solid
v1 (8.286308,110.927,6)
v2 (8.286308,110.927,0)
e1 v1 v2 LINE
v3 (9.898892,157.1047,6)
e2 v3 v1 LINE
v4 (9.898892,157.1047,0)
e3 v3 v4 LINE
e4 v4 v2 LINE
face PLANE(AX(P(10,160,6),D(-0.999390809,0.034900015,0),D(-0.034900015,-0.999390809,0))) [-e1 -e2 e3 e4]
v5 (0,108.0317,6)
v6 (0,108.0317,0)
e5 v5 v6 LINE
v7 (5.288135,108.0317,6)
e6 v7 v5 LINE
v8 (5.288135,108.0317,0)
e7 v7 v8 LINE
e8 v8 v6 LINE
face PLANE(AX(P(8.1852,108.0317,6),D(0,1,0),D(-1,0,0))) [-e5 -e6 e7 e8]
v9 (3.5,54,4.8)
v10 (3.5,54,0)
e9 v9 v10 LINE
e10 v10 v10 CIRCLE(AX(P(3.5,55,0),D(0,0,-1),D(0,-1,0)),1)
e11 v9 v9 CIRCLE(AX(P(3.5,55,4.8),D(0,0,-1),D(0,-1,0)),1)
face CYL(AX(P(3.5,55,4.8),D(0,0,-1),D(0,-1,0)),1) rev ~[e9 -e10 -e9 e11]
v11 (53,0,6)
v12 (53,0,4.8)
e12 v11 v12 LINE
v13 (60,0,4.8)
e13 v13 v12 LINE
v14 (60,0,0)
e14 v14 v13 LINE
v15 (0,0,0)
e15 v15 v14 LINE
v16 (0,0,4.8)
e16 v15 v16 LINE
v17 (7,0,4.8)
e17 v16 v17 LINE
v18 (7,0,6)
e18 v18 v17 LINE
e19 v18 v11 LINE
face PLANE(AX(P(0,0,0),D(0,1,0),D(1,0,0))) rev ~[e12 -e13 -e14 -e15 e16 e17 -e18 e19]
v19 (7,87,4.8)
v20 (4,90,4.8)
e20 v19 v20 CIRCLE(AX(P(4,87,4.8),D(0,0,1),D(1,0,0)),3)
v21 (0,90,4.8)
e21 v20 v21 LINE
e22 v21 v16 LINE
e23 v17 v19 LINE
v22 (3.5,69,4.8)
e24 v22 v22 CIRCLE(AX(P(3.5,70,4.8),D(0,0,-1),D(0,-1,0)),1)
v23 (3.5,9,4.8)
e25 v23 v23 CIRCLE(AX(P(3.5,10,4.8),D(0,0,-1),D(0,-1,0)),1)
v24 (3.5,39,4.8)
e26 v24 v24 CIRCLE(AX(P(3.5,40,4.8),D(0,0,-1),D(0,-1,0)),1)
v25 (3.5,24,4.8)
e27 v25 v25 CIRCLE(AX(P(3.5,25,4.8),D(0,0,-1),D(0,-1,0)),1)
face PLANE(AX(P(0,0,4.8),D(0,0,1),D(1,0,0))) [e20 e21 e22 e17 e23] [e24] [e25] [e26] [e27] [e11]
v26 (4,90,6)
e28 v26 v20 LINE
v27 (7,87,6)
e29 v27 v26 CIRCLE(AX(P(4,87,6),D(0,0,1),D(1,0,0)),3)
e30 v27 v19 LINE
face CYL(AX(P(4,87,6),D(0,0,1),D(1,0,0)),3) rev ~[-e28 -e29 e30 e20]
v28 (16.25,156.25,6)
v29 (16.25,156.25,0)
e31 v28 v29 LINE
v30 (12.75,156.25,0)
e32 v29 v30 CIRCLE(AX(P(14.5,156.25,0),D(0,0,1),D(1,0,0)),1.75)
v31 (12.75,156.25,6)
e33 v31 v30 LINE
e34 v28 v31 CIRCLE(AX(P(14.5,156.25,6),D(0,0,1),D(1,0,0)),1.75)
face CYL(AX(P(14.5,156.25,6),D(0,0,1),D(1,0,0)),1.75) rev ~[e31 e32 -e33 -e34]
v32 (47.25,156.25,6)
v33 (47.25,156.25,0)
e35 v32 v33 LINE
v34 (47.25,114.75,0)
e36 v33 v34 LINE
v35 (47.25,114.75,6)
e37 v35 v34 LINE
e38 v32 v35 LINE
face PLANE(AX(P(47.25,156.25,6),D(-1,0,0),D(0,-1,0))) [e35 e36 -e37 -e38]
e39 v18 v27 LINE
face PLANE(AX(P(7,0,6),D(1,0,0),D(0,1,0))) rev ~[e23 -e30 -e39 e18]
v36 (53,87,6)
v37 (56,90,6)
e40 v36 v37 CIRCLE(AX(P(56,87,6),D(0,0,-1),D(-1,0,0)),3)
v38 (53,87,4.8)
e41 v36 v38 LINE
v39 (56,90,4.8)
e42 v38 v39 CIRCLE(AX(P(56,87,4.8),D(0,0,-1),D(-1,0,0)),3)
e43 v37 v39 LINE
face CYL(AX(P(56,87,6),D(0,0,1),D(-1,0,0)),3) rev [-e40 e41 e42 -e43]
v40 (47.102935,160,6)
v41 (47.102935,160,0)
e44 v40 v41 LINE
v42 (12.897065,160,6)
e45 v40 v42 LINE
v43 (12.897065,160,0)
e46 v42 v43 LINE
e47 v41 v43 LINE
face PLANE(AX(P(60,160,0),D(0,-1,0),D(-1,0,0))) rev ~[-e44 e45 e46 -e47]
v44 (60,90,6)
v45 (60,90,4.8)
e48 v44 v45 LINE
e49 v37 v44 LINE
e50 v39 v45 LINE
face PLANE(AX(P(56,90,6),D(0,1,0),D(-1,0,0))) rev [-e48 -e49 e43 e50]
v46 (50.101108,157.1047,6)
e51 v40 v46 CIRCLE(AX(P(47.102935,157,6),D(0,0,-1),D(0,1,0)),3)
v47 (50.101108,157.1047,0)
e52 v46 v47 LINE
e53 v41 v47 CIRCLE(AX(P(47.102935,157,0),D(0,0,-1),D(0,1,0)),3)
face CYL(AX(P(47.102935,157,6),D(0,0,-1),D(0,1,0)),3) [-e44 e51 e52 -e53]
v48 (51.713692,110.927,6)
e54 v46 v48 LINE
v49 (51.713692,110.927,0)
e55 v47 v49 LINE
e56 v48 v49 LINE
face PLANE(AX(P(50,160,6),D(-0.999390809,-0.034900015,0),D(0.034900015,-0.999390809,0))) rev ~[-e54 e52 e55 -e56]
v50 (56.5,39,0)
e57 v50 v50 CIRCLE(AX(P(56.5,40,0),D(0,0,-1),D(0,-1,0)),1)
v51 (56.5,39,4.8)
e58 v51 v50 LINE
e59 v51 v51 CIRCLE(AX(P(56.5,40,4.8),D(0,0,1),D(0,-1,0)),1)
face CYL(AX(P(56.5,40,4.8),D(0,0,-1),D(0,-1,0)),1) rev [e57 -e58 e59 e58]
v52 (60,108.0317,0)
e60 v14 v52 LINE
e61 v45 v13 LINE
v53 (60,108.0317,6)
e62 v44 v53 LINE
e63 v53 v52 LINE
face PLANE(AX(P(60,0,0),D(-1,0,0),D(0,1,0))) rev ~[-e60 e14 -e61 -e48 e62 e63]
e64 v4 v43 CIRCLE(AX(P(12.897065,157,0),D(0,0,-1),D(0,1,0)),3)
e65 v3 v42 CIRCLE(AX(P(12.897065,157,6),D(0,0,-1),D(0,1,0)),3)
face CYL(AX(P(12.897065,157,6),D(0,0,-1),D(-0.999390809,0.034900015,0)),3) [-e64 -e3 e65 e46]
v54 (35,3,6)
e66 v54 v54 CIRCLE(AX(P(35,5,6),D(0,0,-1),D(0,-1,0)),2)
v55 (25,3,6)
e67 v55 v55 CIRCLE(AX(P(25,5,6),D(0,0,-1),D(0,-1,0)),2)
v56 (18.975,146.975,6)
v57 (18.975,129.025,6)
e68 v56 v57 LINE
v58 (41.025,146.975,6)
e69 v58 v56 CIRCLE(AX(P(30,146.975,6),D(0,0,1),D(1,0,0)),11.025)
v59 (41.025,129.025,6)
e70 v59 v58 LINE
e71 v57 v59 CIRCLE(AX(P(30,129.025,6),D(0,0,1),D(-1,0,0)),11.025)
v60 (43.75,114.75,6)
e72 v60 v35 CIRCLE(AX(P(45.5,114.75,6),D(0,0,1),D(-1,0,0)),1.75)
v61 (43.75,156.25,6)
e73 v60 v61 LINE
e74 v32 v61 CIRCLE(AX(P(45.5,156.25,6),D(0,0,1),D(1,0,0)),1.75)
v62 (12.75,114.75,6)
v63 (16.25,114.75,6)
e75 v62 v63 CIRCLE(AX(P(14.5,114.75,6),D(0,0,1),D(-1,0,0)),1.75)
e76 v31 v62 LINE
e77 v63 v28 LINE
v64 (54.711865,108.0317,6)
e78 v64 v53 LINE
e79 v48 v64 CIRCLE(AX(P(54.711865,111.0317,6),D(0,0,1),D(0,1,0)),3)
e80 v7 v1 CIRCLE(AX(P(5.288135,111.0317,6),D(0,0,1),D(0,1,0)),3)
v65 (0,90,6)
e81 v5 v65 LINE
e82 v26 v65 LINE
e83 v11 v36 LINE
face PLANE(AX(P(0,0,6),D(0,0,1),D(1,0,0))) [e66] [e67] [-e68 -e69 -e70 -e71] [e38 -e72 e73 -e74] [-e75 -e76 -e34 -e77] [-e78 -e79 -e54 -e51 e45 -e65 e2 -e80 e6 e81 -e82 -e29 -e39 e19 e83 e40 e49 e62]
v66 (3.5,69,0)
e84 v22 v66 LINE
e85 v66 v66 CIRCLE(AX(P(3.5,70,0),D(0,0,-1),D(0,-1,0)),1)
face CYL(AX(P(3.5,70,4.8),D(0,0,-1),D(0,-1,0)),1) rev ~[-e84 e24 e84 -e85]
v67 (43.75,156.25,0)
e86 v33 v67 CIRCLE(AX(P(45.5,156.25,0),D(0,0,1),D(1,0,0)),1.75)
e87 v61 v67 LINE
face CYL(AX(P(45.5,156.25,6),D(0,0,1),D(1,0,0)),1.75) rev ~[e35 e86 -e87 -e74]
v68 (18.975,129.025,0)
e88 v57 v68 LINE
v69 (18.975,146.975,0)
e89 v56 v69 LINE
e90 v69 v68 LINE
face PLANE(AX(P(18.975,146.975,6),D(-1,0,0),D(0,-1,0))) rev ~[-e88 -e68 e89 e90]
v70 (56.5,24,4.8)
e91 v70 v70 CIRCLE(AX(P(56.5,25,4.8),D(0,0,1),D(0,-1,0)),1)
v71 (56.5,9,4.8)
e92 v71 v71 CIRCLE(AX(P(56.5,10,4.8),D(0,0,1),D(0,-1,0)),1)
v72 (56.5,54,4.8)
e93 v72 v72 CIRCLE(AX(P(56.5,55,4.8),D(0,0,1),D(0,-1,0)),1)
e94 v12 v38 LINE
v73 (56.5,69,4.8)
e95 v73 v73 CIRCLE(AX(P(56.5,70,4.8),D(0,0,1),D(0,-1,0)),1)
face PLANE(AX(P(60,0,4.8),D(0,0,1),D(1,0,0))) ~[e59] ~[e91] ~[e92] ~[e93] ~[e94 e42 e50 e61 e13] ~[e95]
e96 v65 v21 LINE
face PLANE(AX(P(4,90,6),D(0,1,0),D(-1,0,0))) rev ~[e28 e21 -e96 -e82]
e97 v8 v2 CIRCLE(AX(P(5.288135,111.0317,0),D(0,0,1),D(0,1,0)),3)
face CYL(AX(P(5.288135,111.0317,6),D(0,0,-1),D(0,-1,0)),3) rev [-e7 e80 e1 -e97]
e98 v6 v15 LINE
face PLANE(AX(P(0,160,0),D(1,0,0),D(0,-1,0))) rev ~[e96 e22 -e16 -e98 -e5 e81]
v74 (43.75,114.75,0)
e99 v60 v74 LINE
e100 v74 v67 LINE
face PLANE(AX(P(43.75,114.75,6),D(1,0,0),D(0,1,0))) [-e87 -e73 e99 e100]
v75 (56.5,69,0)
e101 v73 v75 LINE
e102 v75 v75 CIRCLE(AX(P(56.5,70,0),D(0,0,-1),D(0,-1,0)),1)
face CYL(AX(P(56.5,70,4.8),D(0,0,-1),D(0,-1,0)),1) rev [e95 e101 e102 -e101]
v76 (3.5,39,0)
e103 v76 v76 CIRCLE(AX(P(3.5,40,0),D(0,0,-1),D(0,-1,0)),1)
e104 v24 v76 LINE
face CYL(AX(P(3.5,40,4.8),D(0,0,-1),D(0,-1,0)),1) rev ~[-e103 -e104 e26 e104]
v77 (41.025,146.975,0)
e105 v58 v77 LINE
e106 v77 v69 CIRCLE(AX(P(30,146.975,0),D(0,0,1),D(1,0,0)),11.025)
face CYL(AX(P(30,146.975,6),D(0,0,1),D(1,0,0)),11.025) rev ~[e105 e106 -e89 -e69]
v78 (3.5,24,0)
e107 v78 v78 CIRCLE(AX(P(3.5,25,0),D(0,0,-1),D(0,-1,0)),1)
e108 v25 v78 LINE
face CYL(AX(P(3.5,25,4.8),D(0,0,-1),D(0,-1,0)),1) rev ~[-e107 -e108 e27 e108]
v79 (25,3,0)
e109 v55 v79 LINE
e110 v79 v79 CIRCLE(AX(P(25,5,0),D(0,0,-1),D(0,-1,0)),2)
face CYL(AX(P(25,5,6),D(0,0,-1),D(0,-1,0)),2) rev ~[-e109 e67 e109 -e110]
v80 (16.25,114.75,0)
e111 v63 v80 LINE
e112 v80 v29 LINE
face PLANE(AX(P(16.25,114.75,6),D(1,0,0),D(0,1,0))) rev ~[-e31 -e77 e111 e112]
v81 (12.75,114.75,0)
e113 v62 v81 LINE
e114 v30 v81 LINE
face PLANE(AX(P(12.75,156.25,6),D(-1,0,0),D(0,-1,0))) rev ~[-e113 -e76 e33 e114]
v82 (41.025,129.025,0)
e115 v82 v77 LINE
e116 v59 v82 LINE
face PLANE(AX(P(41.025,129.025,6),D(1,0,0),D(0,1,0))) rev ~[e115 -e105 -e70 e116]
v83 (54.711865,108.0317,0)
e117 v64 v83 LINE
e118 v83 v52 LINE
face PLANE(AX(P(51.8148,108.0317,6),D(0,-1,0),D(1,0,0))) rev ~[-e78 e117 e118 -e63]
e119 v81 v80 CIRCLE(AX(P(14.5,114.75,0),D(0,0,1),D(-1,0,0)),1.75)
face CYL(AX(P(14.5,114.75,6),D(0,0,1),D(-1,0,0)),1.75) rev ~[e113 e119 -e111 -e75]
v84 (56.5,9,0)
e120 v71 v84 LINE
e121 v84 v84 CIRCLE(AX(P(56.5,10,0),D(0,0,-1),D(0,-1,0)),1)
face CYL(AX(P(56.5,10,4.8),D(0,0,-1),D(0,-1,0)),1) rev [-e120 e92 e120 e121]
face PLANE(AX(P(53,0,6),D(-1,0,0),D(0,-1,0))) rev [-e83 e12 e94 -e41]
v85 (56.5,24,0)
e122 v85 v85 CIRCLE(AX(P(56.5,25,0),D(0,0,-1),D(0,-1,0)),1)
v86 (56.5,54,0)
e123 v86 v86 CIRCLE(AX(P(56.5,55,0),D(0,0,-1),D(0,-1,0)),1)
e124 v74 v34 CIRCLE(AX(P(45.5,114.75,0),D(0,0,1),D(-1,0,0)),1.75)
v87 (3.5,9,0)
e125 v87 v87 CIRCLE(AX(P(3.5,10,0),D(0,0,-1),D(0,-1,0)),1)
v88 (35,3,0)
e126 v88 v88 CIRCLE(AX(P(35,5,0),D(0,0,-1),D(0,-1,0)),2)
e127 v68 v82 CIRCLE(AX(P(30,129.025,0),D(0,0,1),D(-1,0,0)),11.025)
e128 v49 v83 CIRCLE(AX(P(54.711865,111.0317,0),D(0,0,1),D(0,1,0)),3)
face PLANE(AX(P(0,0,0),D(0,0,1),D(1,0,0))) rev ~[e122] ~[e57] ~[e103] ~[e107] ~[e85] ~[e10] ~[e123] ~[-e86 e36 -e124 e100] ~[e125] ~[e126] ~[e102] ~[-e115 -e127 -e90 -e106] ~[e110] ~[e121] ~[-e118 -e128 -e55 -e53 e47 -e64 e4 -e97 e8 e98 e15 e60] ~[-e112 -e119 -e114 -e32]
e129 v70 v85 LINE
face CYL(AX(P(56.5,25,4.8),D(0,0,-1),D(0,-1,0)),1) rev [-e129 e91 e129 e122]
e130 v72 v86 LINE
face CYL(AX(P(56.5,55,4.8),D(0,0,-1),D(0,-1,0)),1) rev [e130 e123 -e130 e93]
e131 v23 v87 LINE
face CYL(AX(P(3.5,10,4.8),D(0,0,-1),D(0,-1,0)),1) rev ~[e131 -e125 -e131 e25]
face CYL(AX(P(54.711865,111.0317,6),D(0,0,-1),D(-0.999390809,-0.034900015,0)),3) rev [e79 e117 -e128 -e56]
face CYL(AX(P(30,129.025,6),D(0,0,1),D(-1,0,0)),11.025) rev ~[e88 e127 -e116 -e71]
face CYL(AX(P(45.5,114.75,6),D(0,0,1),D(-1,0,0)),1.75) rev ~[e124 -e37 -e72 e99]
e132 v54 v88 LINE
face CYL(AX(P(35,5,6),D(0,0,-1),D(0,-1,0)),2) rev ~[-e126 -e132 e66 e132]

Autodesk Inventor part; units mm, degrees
ref_plane "YZ Plane" through (0, 0, 0) normal (1, 0, 0) x (0, 1, 0)
ref_plane "XZ Plane" through (0, 0, 0) normal (0, 1, 0) x (-1, 0, 0)
ref_plane "XY Plane" through (0, 0, 0) normal (0, 0, 1) x (1, 0, 0)
sketch "Sketch1" plane through (0, 0, 0) normal (0, 0, 1) x (1, 0, 0)
  line L0 (0, 0) -> (60, 0)
  line L1 (60, 0) -> (60, 160)
  line L2 (60, 160) -> (0, 160)
  line L3 (0, 160) -> (0, 0)
  dimension "d0" = 60
  dimension "d1" = 160
extrude "Extrusion1" add sketch "Sketch1" along normal blind 6
sketch "Sketch2" plane through (0, 0, 6) normal (0, 0, 1) x (1, 0, 0)
  line L0 (30, 170) -> (30, -10) construction
  line L1 (14.5, 170) -> (14.5, -10) construction
  line L2 (30, 158) -> (30, 118) construction
  line L3 (18.975, 146.975) -> (18.975, 129.025)
  line L4 (41.025, 129.025) -> (41.025, 146.975)
  arc A0 (41.025, 146.975) -> (18.975, 146.975) centre (30, 146.975) ccw
  arc A1 (18.975, 129.025) -> (41.025, 129.025) centre (30, 129.025) ccw
  line L5 (14.5, 158) -> (14.5, 113) construction
  line L6 (12.75, 156.25) -> (12.75, 114.75)
  line L7 (16.25, 114.75) -> (16.25, 156.25)
  arc A2 (16.25, 156.25) -> (12.75, 156.25) centre (14.5, 156.25) ccw
  arc A3 (12.75, 114.75) -> (16.25, 114.75) centre (14.5, 114.75) ccw
  line L8 (45.5, 158) -> (45.5, 113) construction
  line L9 (47.25, 156.25) -> (47.25, 114.75)
  line L10 (43.75, 114.75) -> (43.75, 156.25)
  arc A4 (47.25, 156.25) -> (43.75, 156.25) centre (45.5, 156.25) ccw
  arc A5 (43.75, 114.75) -> (47.25, 114.75) centre (45.5, 114.75) ccw
  point P0 (0, 0)
  point P1 (30, 138)
  point P2 (14.5, 135.5)
  point P3 (45.5, 135.5)
  dimension "d5" = 15.5
  dimension "d6" = 40
  dimension "d7" = 22.05
  dimension "d8" = 45
  dimension "d9" = 3.5
extrude "Extrusion2" cut sketch "Sketch2" against normal through all
sketch "Sketch3" plane through (0, 0, 6) normal (0, 0, 1) x (1, 0, 0)
  line L0 (60, 160) -> (0, 160) projected
  line L1 (30, 160) -> (30, 60)
  line L2 (10, 160) -> (8.1852, 108.0317)
  line L3 (10, 160) -> (62, 160) construction
  line L4 (8.1852, 108.0317) -> (0, 108.0317)
  line L5 (0, 160) -> (0, 0) projected
  line L6 (10, 160) -> (0, 160)
  line L7 (0, 160) -> (0, 108.0317)
  line L8 (50, 160) -> (51.8148, 108.0317)
  line L9 (51.8148, 108.0317) -> (60, 108.0317)
  line L10 (50, 160) -> (60, 160)
  line L11 (60, 160) -> (60, 108.0317)
  dimension "d12" = 100
  dimension "d13" = 52
  dimension "d14" = 92
  dimension "d15" = 92
extrude "Extrusion3" cut sketch "Sketch3" against normal through all
fillet "Fillet1" radius 3 4 edges at (51.8148, 108.0317, 3) (50, 160, 3) (10, 160, 3) (8.1852, 108.0317, 3)
sketch "Sketch4" plane through (0, 0, 6) normal (0, 0, 1) x (1, 0, 0)
  line L0 (30, 0) -> (30, 50)
  line L1 (0, 0) -> (60, 0) projected
  line L2 (0, 0) -> (7, 0)
  line L3 (7, 0) -> (7, 87)
  line L4 (4, 90) -> (0, 90)
  line L5 (0, 90) -> (0, 0)
  arc A0 (7, 87) -> (4, 90) centre (4, 87) ccw
  point P0 (25, 5)
  point P1 (35, 5)
  point P2 (7, 90)
  dimension "d27" = 7
  dimension "d28" = 90
  dimension "d29" = 3
hole "Hole1" at (25, 5, 6) at (35, 5, 6) direction (0, 0, -1) diameter 4 end through all
extrude "Extrusion4" cut sketch "Sketch4" against normal blind 1.2
sketch "Sketch6" plane through (0, 0, 4.8) normal (0, 0, 1) x (1, 0, 0)
  line L0 (7, 0) -> (0, 0) projected
  line L1 (0, 108.0317) -> (0, 0) projected
  point P0 (3.5, 10)
  point P1 (3.5, 25)
  point P2 (3.5, 40)
  point P3 (3.5, 55)
  point P4 (3.5, 70)
  dimension "d32" = 10
  dimension "d33" = 3.5
  dimension "d36" = 15
hole "Hole2" at (3.5, 10, 4.8) at (3.5, 25, 4.8) at (3.5, 40, 4.8) at (3.5, 55, 4.8) at (3.5, 70, 4.8) direction (0, 0, -1) diameter 2 end through all
ref_plane "Work Plane1" through (30, 0, 6) normal (1, 0, 0) x (0, 1, 0)
mirror "Mirror1" about plane through (30, 0, 6) normal (1, 0, 0) of "Extrusion4", "Hole2"
ref_plane "Work Plane2" through (30, 0, 6) normal (1, 0, 0) x (0, 1, 0)
properties part number "Z-baseplate" material "Aluminum 6061"
